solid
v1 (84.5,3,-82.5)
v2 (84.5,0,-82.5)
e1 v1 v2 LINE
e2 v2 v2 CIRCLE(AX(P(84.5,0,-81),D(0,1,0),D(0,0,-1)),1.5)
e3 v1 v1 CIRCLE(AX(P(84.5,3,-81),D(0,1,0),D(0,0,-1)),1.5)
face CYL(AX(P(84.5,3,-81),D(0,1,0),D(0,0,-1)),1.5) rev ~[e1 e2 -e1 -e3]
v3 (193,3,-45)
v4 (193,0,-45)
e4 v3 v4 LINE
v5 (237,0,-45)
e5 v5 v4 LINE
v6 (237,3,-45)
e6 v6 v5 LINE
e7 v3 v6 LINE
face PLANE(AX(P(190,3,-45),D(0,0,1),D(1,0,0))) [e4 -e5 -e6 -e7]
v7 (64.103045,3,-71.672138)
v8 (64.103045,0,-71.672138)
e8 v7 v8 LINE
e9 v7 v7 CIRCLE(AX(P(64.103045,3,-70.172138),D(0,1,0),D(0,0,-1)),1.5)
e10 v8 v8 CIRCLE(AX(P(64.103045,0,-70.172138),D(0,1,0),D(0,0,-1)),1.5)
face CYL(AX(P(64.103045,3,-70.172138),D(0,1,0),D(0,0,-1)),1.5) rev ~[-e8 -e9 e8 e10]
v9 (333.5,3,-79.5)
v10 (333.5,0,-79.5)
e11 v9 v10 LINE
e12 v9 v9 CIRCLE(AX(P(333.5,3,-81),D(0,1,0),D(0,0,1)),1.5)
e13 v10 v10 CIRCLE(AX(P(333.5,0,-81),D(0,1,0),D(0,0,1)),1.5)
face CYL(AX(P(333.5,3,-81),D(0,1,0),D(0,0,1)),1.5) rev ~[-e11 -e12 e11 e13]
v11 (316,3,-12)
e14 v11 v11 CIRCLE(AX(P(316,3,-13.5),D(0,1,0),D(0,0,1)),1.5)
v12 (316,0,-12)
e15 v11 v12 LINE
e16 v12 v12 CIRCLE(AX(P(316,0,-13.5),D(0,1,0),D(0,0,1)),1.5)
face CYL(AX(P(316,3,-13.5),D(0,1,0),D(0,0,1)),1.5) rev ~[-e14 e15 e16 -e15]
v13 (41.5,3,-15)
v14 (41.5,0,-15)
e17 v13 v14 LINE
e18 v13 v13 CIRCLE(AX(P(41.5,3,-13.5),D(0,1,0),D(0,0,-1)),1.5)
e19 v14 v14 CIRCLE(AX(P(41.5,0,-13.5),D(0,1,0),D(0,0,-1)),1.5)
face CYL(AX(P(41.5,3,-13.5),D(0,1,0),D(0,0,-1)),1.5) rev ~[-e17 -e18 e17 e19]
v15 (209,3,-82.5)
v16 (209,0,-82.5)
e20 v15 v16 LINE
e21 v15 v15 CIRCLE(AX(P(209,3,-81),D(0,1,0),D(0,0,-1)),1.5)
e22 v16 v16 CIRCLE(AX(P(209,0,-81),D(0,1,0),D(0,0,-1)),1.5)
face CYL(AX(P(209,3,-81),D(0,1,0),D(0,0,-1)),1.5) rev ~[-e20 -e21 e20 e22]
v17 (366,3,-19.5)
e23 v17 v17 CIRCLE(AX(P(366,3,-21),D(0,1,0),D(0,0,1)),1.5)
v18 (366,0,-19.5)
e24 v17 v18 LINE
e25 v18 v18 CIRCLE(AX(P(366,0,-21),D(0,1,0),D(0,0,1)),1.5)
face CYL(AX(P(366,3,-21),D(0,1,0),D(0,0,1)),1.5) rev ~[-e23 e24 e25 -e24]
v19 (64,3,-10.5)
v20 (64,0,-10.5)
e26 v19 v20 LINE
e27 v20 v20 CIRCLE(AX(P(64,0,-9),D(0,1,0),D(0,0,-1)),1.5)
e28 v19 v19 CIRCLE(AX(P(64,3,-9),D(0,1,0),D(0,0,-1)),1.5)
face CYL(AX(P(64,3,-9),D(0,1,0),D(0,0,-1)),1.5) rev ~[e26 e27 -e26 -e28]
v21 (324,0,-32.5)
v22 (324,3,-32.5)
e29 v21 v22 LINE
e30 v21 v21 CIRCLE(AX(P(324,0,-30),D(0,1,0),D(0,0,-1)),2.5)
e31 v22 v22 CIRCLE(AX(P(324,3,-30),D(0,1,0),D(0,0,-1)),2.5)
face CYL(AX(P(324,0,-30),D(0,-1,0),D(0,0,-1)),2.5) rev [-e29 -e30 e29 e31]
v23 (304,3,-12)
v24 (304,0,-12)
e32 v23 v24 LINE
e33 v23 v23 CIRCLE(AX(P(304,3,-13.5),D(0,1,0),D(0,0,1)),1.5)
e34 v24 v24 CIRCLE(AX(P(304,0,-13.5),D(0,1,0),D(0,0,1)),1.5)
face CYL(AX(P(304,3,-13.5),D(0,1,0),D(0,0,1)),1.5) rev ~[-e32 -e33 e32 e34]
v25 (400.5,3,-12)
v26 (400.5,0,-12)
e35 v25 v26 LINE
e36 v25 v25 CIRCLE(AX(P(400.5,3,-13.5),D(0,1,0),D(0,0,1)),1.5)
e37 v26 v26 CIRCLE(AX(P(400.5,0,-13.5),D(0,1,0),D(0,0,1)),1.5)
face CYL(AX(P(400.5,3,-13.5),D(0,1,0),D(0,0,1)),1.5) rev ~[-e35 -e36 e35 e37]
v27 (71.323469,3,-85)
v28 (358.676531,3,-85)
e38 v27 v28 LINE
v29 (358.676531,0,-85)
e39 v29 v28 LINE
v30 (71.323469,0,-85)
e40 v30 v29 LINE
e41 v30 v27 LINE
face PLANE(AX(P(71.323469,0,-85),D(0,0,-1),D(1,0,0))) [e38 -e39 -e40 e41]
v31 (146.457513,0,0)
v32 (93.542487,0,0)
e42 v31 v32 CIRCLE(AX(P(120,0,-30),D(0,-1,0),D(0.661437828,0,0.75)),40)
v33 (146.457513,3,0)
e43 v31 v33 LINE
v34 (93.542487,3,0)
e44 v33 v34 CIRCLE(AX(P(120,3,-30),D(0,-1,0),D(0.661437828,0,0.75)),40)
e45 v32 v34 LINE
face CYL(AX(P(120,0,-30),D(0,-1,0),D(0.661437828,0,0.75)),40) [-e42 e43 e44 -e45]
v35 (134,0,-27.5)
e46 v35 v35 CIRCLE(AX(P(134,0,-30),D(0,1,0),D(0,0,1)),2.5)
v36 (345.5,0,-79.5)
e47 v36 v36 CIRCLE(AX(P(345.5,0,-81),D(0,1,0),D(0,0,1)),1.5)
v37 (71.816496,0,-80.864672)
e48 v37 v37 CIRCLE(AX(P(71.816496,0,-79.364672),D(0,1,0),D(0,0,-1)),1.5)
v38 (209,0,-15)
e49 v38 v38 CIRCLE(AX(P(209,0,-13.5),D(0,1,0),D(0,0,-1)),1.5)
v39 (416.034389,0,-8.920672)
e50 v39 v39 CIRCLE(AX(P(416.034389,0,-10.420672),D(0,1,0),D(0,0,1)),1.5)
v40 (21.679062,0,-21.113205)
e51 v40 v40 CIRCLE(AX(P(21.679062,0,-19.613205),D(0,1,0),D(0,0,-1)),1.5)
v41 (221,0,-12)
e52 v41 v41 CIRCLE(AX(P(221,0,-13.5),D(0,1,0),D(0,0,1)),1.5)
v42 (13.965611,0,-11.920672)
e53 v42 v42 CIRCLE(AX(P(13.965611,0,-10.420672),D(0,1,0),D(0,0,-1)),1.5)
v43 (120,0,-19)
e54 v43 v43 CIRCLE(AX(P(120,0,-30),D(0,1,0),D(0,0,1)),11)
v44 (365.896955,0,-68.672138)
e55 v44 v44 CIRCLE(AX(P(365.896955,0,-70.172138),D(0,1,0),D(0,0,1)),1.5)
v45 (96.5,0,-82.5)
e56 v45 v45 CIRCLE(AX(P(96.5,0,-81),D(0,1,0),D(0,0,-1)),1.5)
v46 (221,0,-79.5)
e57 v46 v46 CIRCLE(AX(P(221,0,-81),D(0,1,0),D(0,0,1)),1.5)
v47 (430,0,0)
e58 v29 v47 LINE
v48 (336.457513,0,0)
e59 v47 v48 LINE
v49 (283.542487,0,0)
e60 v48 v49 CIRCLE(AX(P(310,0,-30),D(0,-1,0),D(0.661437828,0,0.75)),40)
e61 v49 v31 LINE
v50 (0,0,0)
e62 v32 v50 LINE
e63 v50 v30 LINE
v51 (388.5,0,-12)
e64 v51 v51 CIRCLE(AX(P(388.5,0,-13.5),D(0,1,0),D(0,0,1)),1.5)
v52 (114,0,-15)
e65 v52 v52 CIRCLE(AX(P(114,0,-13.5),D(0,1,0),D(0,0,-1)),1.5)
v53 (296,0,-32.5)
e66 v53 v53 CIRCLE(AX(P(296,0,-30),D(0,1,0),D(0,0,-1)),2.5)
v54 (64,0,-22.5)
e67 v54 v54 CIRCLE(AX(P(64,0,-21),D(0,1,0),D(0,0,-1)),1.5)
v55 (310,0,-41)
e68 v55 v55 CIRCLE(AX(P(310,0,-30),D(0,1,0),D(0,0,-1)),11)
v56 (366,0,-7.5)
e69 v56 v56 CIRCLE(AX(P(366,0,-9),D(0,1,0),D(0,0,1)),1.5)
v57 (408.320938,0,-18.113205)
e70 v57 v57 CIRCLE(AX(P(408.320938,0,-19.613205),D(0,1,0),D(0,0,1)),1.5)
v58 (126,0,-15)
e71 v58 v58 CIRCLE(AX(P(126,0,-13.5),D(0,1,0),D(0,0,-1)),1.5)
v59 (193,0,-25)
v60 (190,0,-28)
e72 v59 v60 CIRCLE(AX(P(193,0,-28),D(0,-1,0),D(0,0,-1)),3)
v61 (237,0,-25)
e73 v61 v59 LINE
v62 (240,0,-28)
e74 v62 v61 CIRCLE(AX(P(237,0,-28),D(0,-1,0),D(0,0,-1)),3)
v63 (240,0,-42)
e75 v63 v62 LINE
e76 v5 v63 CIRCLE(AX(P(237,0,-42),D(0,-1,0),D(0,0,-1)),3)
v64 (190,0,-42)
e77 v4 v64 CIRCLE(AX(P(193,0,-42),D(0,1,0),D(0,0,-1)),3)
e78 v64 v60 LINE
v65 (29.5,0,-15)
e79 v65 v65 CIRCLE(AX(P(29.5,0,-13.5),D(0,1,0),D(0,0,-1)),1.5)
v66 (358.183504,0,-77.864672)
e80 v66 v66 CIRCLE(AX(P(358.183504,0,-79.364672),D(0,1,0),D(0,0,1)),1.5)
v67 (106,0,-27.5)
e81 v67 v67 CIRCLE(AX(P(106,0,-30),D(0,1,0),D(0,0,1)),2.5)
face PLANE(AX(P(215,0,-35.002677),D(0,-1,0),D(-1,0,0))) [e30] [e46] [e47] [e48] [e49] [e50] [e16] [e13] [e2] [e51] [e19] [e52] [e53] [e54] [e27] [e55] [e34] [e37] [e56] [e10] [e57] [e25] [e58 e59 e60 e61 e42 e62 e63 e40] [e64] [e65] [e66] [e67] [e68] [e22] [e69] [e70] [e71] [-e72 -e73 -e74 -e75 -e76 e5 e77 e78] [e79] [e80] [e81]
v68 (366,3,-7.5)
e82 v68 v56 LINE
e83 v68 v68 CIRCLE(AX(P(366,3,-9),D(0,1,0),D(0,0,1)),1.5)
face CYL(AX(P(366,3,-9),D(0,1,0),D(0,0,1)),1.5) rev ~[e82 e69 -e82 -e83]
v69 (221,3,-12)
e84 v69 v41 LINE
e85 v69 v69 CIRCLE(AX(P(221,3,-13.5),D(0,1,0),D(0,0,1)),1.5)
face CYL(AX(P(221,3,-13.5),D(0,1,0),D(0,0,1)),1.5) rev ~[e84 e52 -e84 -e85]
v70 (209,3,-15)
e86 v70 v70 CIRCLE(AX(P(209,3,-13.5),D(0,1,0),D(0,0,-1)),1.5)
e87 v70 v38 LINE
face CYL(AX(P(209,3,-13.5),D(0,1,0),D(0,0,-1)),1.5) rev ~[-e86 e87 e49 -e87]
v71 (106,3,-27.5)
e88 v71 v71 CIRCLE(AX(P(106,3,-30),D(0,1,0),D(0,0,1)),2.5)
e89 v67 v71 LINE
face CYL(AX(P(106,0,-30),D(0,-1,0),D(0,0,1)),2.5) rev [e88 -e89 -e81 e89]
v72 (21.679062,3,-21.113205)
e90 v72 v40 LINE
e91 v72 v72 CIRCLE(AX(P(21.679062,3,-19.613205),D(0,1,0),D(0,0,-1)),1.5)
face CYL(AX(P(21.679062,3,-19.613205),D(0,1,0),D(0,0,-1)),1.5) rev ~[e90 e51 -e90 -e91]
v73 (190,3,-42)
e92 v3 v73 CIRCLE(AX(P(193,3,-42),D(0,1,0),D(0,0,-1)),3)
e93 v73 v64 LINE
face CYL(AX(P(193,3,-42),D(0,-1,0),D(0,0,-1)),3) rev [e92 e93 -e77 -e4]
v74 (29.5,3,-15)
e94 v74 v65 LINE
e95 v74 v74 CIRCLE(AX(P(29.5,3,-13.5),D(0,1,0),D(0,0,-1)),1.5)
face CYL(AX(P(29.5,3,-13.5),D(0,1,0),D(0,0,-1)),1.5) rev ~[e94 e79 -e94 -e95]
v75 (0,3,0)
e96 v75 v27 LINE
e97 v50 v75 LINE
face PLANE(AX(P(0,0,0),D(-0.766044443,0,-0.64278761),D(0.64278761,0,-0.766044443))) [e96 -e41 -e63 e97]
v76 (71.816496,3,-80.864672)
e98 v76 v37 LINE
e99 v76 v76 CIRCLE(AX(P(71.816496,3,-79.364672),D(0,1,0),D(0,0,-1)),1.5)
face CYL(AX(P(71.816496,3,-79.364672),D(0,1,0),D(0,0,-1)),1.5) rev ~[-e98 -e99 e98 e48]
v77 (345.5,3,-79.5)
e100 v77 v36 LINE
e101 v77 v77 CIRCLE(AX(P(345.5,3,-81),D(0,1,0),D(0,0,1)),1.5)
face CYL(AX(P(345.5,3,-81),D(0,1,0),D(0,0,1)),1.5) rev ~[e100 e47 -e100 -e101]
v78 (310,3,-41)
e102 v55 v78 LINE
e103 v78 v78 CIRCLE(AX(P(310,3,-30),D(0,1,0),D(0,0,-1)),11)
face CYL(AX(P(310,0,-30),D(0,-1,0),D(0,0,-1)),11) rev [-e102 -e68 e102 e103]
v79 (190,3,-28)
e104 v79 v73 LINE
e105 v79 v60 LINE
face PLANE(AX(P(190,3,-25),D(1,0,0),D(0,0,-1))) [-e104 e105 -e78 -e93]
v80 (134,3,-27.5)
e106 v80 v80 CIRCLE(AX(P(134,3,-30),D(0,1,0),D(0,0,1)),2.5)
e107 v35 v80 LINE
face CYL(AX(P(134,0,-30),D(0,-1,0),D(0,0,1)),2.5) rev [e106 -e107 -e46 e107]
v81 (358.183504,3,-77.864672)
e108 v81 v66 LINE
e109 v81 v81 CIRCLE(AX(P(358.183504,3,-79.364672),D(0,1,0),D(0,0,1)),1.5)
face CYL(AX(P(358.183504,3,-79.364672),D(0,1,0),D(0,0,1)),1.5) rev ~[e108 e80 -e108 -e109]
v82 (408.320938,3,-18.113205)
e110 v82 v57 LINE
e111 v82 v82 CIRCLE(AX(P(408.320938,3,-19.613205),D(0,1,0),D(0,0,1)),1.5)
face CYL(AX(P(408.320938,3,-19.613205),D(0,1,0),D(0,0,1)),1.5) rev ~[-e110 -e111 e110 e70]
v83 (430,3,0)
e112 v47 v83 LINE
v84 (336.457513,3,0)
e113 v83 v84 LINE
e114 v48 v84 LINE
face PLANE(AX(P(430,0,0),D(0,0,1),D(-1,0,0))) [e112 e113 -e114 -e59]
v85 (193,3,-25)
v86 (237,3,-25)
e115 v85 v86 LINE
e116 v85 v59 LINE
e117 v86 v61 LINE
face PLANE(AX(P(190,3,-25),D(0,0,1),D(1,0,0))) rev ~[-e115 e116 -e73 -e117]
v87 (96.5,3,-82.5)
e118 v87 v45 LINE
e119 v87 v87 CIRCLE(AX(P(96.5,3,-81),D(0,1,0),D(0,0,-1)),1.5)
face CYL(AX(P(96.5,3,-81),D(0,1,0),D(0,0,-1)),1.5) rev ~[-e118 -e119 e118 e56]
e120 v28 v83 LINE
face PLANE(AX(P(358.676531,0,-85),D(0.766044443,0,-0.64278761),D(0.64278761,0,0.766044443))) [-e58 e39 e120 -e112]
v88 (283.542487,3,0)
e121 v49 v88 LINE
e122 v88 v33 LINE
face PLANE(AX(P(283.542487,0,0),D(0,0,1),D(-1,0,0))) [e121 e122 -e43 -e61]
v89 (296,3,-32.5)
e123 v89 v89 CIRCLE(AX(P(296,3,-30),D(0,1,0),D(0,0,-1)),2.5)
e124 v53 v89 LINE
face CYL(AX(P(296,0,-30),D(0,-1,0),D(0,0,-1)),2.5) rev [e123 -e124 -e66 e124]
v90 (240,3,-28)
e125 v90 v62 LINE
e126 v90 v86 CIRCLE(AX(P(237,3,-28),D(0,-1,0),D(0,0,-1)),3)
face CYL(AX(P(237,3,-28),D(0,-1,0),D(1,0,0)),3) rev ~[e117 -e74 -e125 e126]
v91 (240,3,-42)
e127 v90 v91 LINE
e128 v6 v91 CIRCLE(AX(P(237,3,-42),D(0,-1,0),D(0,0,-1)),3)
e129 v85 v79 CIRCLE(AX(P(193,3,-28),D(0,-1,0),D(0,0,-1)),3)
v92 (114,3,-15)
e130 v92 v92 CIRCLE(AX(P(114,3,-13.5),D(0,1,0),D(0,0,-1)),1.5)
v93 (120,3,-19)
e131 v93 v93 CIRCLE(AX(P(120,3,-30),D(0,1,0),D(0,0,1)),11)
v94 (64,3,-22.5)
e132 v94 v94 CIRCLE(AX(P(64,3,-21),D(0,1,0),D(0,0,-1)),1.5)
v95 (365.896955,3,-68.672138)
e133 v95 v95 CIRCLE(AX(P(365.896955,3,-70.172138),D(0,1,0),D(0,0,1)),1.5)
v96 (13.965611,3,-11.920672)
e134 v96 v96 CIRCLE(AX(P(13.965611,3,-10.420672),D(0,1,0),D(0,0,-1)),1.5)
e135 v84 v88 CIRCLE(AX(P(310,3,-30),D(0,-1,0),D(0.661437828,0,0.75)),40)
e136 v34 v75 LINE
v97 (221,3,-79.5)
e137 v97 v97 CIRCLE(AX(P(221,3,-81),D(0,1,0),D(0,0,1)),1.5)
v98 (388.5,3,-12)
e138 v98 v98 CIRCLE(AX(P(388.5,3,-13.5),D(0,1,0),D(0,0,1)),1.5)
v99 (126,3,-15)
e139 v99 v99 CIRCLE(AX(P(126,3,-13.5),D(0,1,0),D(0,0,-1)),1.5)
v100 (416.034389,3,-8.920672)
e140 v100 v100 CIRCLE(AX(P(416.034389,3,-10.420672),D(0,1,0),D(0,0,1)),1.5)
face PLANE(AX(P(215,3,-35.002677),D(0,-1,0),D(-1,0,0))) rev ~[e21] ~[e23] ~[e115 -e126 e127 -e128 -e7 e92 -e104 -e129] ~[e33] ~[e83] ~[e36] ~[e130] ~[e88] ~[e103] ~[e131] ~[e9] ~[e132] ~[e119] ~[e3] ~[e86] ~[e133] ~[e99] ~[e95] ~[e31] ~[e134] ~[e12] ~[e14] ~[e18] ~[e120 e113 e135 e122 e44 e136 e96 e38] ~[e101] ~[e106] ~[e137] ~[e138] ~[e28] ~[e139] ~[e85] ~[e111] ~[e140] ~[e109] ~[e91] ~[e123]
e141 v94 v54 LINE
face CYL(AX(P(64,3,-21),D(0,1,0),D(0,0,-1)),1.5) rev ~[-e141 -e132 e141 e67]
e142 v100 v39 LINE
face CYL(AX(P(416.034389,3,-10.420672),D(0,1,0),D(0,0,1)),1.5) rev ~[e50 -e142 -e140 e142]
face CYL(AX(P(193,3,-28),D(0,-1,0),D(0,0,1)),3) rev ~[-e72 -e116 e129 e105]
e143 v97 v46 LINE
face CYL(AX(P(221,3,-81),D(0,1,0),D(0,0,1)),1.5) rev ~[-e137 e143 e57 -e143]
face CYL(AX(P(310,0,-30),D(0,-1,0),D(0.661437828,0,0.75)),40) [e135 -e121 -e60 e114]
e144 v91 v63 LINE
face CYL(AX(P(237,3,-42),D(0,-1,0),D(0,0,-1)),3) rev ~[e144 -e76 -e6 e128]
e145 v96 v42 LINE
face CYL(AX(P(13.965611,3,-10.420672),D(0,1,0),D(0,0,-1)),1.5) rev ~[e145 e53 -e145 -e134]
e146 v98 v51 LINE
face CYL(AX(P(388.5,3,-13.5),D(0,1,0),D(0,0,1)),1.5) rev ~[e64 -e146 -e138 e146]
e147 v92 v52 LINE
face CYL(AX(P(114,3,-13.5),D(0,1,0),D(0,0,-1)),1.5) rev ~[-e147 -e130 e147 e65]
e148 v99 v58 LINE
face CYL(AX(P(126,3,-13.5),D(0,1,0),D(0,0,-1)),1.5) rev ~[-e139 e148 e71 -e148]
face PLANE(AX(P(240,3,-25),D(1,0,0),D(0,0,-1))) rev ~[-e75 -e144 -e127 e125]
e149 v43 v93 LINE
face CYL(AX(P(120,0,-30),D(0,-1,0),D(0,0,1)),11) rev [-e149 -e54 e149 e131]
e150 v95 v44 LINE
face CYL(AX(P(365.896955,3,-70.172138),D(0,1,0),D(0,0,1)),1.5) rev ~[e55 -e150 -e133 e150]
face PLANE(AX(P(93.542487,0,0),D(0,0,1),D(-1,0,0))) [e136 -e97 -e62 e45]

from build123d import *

# Parameters (mm, degrees)
SKETCH_1_R          = 11
SKETCH_1_R_2        = 2.5
EXTRUDE_1_DEPTH     = 3
SKETCH_2_R          = 1.5
CUT_EXTRUDE_2_DEPTH = 439.330925215
SKETCH_3_W          = 50
SKETCH_3_H          = 20
CUT_EXTRUDE_3_DEPTH = 439.330925215
FILLET_1_R          = 3


with BuildPart() as part:
    # 草图1 → 凸台-拉伸1 (new body)
    with BuildSketch(Plane(origin=(0, 0, 0), x_dir=(1, 0, 0), z_dir=(0, 1, 0))):
        with BuildLine():
            Line((0, 0), (71.32346865, 85))
            Line((71.32346865, 85), (358.67653135, 85))
            Line((358.67653135, 85), (430, 0))
            Line((430, 0), (336.457513111, 0))
            ThreePointArc((336.457513111, 0), (310, -10), (283.542486889, 0))
            Line((283.542486889, 0), (146.457513111, 0))
            ThreePointArc((146.457513111, 0), (120, -10), (93.542486889, 0))
            Line((93.542486889, 0), (0, 0))
        make_face()
        with Locations(Location((120, 30, 0), (0, 0, 270))):
            Circle(SKETCH_1_R, mode=Mode.SUBTRACT)
        with Locations(Location((310, 30, 0), (0, 0, 90))):
            Circle(SKETCH_1_R, mode=Mode.SUBTRACT)
        with Locations(Location((106, 30, 0), (0, 0, 270))):
            Circle(SKETCH_1_R_2, mode=Mode.SUBTRACT)
        with Locations(Location((134, 30, 0), (0, 0, 270))):
            Circle(SKETCH_1_R_2, mode=Mode.SUBTRACT)
        with Locations(Location((324, 30, 0), (0, 0, 90))):
            Circle(SKETCH_1_R_2, mode=Mode.SUBTRACT)
        with Locations(Location((296, 30, 0), (0, 0, 90))):
            Circle(SKETCH_1_R_2, mode=Mode.SUBTRACT)
    extrude(amount=EXTRUDE_1_DEPTH)

    # 草图2 → 切除-拉伸2 (cut, through all)
    with BuildSketch(Plane(origin=(0, 3, 0), x_dir=(1, 0, 0), z_dir=(0, 1, 0))):
        with Locations(Location((221, 13.5, 0), (0, 0, 270))):
            Circle(SKETCH_2_R)
        with Locations(Location((304, 13.5, 0), (0, 0, 270))):
            Circle(SKETCH_2_R)
        with Locations(Location((316, 13.5, 0), (0, 0, 270))):
            Circle(SKETCH_2_R)
        with Locations(Location((388.5, 13.5, 0), (0, 0, 270))):
            Circle(SKETCH_2_R)
        with Locations(Location((400.5, 13.5, 0), (0, 0, 270))):
            Circle(SKETCH_2_R)
        with Locations(Location((366, 9, 0), (0, 0, 270))):
            Circle(SKETCH_2_R)
        with Locations(Location((366, 21, 0), (0, 0, 270))):
            Circle(SKETCH_2_R)
        with Locations(Location((221, 81, 0), (0, 0, 270))):
            Circle(SKETCH_2_R)
        with Locations(Location((333.5, 81, 0), (0, 0, 270))):
            Circle(SKETCH_2_R)
        with Locations(Location((345.5, 81, 0), (0, 0, 270))):
            Circle(SKETCH_2_R)
        with Locations(Location((358.183504016, 79.364671789, 0), (0, 0, 270))):
            Circle(SKETCH_2_R)
        with Locations(Location((365.896955332, 70.172138471, 0), (0, 0, 270))):
            Circle(SKETCH_2_R)
        with Locations(Location((408.320937572, 19.613205225, 0), (0, 0, 270))):
            Circle(SKETCH_2_R)
        with Locations(Location((416.034388888, 10.420671908, 0), (0, 0, 270))):
            Circle(SKETCH_2_R)
        with Locations(Location((209, 81, 0), (0, 0, 90))):
            Circle(SKETCH_2_R)
        with Locations(Location((96.5, 81, 0), (0, 0, 90))):
            Circle(SKETCH_2_R)
        with Locations(Location((84.5, 81, 0), (0, 0, 90))):
            Circle(SKETCH_2_R)
        with Locations(Location((71.816495984, 79.364671789, 0), (0, 0, 90))):
            Circle(SKETCH_2_R)
        with Locations(Location((64.103044668, 70.172138471, 0), (0, 0, 90))):
            Circle(SKETCH_2_R)
        with Locations(Location((21.679062428, 19.613205225, 0), (0, 0, 90))):
            Circle(SKETCH_2_R)
        with Locations(Location((13.965611112, 10.420671908, 0), (0, 0, 90))):
            Circle(SKETCH_2_R)
        with Locations(Location((29.5, 13.5, 0), (0, 0, 90))):
            Circle(SKETCH_2_R)
        with Locations(Location((41.5, 13.5, 0), (0, 0, 90))):
            Circle(SKETCH_2_R)
        with Locations(Location((64, 21, 0), (0, 0, 90))):
            Circle(SKETCH_2_R)
        with Locations(Location((64, 9, 0), (0, 0, 90))):
            Circle(SKETCH_2_R)
        with Locations(Location((114, 13.5, 0), (0, 0, 90))):
            Circle(SKETCH_2_R)
        with Locations(Location((126, 13.5, 0), (0, 0, 90))):
            Circle(SKETCH_2_R)
        with Locations(Location((209, 13.5, 0), (0, 0, 90))):
            Circle(SKETCH_2_R)
    extrude(amount=-CUT_EXTRUDE_2_DEPTH, mode=Mode.SUBTRACT)

    # 草图3 → 切除-拉伸3 (cut, through all)
    with BuildSketch(Plane(origin=(0, 3, 0), x_dir=(1, 0, 0), z_dir=(0, 1, 0))):
        with Locations((215, 35)):
            Rectangle(SKETCH_3_W, SKETCH_3_H)
    extrude(amount=-CUT_EXTRUDE_3_DEPTH, mode=Mode.SUBTRACT)

    # 圆角1
    fillet_1_edges = [part.edges().sort_by_distance(p)[0] for p in [
        (190, 1.5, -25),
        (190, 1.5, -45),
        (240, 1.5, -45),
        (240, 1.5, -25),
    ]]
    fillet(fillet_1_edges, radius=FILLET_1_R)


solid = part.part
